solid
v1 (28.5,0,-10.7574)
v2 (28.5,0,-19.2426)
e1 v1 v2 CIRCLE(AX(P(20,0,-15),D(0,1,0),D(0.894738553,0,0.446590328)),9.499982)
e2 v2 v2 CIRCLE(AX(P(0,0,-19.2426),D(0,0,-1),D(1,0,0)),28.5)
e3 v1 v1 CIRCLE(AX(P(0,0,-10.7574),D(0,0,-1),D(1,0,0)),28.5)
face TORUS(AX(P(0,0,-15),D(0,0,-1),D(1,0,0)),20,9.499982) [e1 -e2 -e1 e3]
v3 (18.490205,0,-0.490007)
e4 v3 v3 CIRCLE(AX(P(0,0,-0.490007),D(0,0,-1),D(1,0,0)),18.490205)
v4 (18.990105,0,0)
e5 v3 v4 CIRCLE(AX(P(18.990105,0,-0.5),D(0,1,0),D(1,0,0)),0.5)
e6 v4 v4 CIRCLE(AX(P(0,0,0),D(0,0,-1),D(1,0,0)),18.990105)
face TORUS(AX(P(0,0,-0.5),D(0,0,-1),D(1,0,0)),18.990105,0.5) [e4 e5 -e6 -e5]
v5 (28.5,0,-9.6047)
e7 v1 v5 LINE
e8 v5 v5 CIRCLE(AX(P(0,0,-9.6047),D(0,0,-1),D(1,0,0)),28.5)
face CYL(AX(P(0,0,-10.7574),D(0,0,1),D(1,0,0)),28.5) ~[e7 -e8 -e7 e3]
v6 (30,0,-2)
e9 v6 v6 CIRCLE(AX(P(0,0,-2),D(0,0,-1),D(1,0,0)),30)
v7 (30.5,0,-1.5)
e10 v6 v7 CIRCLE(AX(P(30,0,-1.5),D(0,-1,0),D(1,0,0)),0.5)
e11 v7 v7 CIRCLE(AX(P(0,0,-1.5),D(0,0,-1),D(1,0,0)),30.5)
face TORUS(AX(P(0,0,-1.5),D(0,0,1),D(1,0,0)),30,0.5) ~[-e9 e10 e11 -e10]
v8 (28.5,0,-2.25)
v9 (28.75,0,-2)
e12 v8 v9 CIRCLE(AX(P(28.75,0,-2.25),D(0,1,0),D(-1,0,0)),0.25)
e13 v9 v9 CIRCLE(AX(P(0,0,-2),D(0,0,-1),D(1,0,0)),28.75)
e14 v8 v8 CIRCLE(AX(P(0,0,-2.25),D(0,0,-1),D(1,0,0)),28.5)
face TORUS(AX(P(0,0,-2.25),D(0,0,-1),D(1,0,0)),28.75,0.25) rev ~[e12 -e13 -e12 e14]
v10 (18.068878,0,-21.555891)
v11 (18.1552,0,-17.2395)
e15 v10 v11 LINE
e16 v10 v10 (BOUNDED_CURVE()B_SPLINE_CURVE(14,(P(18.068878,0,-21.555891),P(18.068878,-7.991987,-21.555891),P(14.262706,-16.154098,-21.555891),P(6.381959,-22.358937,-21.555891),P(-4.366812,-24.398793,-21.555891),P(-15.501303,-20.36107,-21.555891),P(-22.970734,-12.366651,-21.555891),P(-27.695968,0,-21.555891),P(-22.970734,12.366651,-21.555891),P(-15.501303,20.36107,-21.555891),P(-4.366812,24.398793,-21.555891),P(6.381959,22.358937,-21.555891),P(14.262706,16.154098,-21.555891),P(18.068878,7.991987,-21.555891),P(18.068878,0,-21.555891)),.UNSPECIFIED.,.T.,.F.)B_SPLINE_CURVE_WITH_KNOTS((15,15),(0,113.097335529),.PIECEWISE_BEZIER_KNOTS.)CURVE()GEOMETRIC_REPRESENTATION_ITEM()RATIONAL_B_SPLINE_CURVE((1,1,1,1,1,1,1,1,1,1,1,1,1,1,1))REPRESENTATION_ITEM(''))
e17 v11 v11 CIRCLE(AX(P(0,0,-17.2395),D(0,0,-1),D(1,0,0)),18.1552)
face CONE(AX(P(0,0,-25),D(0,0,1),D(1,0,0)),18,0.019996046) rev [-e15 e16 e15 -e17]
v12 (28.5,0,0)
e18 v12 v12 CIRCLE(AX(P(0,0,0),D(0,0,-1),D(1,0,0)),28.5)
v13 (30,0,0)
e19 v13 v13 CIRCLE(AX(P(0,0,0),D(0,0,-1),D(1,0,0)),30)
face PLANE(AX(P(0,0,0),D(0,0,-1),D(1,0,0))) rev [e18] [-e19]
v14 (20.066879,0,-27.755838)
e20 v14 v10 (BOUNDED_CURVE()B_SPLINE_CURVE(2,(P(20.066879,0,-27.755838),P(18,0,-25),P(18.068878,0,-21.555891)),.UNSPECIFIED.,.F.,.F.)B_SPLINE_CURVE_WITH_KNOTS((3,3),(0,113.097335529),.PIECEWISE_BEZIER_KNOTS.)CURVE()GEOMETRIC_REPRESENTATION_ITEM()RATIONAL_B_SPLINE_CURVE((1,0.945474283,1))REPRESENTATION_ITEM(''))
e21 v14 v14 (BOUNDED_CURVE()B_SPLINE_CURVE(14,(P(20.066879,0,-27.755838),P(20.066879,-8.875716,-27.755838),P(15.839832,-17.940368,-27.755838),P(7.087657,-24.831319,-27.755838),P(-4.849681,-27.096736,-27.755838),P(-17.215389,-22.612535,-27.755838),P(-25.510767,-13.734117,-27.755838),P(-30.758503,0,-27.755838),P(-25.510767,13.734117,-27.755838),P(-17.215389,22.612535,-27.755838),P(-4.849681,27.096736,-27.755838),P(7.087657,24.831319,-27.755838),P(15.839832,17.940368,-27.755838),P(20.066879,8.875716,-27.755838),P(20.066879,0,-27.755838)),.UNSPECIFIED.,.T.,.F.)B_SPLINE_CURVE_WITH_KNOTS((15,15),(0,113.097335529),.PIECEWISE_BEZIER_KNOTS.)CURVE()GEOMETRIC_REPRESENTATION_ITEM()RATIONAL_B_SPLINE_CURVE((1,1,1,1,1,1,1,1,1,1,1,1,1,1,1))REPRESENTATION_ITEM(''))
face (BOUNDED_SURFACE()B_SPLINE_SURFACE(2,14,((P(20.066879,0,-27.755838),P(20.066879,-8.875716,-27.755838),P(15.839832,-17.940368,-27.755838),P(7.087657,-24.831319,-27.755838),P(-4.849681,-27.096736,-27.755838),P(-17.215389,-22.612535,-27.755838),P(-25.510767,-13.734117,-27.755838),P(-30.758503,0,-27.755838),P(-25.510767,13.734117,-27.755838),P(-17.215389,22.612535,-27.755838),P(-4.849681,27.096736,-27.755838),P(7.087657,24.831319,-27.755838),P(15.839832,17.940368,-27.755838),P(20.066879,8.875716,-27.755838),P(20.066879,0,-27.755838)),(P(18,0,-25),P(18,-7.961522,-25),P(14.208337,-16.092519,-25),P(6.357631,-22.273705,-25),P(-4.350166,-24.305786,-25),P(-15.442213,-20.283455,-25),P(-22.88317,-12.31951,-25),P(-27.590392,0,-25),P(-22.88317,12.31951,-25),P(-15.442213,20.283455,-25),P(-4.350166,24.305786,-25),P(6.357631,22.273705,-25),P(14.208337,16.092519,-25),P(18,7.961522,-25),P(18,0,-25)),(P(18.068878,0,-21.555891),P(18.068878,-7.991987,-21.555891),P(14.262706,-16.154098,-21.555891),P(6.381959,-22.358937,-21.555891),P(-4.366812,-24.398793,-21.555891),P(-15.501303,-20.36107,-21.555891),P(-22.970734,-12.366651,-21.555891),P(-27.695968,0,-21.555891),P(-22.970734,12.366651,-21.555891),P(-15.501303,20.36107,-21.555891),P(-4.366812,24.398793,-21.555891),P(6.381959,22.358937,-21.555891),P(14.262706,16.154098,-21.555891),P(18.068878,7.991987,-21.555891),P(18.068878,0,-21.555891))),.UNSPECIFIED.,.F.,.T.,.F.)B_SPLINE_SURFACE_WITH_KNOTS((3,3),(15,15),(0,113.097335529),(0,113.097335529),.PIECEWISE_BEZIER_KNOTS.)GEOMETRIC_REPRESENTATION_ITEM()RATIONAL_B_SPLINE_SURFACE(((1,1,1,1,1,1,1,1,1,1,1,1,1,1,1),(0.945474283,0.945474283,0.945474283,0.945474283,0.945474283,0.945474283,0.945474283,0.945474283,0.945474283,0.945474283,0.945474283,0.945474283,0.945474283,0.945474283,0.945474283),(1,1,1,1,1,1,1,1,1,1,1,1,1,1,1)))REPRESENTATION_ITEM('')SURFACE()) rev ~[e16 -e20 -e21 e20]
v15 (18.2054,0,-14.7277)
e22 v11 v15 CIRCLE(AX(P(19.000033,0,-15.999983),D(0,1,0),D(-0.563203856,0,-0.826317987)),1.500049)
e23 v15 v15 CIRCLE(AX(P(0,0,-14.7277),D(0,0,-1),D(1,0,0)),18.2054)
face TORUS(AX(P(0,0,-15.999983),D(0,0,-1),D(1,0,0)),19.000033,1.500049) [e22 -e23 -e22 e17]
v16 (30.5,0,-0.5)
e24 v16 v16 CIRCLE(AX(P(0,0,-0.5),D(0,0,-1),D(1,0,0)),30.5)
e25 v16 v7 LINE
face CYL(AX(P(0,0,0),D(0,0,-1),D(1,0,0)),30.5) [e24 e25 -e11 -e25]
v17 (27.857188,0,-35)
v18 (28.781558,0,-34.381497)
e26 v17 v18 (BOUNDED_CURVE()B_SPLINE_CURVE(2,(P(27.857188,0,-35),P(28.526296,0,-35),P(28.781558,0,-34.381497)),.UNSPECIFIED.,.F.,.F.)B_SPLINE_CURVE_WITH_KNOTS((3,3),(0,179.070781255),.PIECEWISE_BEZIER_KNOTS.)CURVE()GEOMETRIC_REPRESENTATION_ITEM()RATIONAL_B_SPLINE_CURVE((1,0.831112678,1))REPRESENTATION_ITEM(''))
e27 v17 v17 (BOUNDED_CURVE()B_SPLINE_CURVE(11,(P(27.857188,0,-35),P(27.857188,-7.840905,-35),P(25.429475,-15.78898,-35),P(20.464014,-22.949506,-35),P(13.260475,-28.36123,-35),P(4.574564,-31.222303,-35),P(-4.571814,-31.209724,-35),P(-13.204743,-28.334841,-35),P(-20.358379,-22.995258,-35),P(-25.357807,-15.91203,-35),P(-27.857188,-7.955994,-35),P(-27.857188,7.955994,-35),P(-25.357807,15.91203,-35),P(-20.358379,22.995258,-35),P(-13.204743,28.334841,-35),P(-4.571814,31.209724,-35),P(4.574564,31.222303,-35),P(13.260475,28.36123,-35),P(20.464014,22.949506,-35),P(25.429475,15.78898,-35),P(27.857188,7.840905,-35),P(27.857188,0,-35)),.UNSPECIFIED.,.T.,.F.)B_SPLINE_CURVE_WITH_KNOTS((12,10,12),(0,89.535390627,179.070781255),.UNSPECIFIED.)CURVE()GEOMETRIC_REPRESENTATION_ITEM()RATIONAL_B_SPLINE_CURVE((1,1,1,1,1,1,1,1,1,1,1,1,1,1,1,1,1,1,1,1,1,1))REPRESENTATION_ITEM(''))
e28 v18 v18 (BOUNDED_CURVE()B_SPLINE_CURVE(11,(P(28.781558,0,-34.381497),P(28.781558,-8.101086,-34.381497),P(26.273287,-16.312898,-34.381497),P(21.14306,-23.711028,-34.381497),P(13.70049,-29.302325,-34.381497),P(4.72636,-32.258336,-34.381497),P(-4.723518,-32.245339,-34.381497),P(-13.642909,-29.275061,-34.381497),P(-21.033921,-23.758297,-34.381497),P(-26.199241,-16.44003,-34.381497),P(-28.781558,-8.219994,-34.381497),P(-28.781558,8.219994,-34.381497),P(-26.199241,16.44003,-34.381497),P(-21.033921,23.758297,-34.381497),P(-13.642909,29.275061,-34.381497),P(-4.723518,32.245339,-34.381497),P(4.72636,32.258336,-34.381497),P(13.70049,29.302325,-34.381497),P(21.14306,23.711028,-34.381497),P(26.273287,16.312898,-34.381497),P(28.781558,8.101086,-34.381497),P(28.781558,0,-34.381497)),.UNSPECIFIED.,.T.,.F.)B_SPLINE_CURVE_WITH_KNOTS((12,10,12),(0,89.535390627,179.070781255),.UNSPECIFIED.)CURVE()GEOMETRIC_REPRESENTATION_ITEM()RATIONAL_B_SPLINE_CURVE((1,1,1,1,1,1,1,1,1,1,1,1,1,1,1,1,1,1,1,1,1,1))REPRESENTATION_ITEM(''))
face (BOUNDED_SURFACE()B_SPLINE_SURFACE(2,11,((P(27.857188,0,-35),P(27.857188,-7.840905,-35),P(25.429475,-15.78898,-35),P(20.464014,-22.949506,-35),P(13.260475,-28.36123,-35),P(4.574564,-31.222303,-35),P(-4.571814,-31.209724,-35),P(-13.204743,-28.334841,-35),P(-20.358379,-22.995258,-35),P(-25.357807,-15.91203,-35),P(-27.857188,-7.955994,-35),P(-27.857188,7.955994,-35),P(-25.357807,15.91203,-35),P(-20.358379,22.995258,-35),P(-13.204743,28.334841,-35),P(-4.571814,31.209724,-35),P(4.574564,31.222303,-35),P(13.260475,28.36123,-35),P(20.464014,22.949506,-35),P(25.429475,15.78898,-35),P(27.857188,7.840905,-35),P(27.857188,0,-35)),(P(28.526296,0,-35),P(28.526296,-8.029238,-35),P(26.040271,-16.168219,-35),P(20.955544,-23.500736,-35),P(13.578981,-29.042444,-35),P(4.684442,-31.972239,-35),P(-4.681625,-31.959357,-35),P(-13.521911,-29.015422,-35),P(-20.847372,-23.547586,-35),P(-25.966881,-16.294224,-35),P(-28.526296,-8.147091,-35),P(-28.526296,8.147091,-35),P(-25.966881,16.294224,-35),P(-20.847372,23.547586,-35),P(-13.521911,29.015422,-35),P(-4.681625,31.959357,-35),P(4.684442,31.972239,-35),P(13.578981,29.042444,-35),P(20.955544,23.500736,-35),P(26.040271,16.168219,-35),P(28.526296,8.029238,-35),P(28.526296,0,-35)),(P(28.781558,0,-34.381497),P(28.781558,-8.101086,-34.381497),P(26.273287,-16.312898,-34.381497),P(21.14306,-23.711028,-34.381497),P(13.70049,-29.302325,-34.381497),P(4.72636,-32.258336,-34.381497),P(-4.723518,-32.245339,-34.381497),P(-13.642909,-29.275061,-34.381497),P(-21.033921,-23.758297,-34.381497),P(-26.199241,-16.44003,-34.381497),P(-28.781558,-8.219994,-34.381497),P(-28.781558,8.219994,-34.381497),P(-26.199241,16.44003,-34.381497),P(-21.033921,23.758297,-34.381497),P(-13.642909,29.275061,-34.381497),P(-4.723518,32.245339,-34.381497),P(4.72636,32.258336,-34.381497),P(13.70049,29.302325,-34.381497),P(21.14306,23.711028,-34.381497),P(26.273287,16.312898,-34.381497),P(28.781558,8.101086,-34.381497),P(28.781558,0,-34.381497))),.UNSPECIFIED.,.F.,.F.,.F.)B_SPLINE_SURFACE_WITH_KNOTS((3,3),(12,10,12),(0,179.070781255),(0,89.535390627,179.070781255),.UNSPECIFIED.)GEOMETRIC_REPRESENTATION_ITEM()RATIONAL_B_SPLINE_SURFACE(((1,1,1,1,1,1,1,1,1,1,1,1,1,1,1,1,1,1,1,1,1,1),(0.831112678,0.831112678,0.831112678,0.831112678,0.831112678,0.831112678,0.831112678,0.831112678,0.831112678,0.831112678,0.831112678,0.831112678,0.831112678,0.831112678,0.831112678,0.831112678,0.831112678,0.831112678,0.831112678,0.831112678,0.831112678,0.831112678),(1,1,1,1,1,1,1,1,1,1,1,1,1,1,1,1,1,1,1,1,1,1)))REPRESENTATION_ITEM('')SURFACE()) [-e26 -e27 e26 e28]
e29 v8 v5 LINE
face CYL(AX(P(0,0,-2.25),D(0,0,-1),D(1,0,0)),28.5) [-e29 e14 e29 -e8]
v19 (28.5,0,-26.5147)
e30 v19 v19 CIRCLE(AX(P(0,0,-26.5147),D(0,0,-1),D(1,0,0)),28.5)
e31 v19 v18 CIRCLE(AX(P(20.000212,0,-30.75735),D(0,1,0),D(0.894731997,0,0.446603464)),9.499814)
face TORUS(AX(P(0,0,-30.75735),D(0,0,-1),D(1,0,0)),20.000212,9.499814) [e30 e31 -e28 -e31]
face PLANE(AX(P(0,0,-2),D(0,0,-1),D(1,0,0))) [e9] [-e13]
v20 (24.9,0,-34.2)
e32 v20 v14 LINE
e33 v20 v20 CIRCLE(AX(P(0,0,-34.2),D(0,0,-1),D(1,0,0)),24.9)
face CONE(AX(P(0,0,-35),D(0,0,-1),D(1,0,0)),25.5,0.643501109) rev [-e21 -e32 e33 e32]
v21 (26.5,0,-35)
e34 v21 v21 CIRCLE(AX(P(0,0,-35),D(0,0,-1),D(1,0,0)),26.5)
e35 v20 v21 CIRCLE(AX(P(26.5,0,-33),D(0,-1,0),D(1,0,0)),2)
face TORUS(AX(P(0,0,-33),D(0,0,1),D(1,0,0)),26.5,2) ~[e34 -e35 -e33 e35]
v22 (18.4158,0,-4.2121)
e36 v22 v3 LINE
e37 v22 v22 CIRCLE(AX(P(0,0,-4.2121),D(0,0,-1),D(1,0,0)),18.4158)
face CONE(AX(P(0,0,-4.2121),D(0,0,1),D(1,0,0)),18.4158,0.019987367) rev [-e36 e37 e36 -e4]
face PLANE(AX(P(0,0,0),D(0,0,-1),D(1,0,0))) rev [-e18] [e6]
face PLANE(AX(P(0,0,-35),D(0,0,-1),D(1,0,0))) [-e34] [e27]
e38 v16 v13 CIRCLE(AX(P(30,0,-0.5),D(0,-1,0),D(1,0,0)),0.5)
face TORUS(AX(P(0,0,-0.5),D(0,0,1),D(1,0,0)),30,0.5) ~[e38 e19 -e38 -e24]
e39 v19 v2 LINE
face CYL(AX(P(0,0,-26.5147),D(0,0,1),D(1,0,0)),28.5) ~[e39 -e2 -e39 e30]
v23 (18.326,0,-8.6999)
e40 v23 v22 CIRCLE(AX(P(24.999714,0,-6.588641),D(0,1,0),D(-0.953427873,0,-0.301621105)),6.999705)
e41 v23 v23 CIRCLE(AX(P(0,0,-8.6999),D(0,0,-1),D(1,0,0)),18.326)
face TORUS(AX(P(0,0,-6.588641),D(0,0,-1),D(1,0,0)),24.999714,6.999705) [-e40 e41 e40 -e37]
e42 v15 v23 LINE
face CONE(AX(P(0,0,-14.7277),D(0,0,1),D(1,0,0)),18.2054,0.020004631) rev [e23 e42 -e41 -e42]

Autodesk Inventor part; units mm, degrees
ref_plane "YZ Plane" through (0, 0, 0) normal (1, 0, 0) x (0, 1, 0)
ref_plane "XZ Plane" through (0, 0, 0) normal (0, 1, 0) x (-1, 0, 0)
ref_plane "XY Plane" through (0, 0, 0) normal (0, 0, 1) x (1, 0, 0)
sketch "Sketch1" plane through (0, 0, 0) normal (0, 1, 0) x (-1, 0, 0)
  line L0 (0, 0) -> (0, -30)
  line L1 (0, 0) -> (-28.5, 0)
  line L2 (-28.5, -35) -> (-25.5, -35)
  line L3 (-25.5, -35) -> (-18, -25)
  line L4 (-18, -25) -> (-18.1552, -17.2395)
  arc A0 (-18.1552, -17.2395) -> (-18.2054, -14.7277) centre (-19, -16) ccw
  line L5 (-18.2054, -14.7277) -> (-18.326, -8.6999)
  line L6 (-30.5, 0) -> (-30.5, -2)
  line L7 (-30.5, -2) -> (-28.75, -2)
  line L8 (-28.5, 0) -> (-30.5, 0)
  line L9 (-28.5, -2.25) -> (-28.5, -9.6047)
  arc A1 (-28.5, -2.25) -> (-28.75, -2) centre (-28.75, -2.25) ccw
  arc A2 (-18.326, -8.6999) -> (-18.4158, -4.2121) centre (-25, -6.5886) ccw
  line L10 (-18.4158, -4.2121) -> (-18.5, 0)
  arc A3 (-28.5, -26.5147) -> (-28.5, -35) centre (-20, -30.7574) ccw
  arc A4 (-28.5, -10.7574) -> (-28.5, -19.2426) centre (-20, -15) ccw
  line L11 (-28.5, -10.7574) -> (-28.5, -9.6047)
  line L12 (-28.5, -26.5147) -> (-28.5, -19.2426)
  dimension "d0" = 30
  dimension "d13" = 3
  dimension "d14" = 25
  dimension "d15" = 35
  dimension "d16" = 18
  dimension "d17" = 18.5
  dimension "d25" = 16
  dimension "d26" = 19
  dimension "d27" = 3
  dimension "d32" = 2
  dimension "d33" = 2
  dimension "d34" = 0.25
  dimension "d37" = 25
  dimension "d43" = 20
  dimension "d45" = 15
  dimension "d46" = 20
revolve "Revolution1" add sketch "Sketch1" angle 360 about axis through (0, 0, 0) along (0, 0, -1)
fillet "Fillet1" radius 0.5 1 edges at (-18.5, 0, 0)
fillet "Fillet2" radius 2 1 edges at (-25.5, 0, -35)
fillet "Fillet3" radius 1 1 edges at (-28.5, 0, -35)
fillet "Fillet4" radius 0.5 2 edges at (-30.5, 0, -2) (-30.5, 0, 0)
fillet "Fillet5" radius 10 1 edges at (-18, 0, -25)
equation "\"d46\" = d43"
properties part number "DustPortConvertorShort"
